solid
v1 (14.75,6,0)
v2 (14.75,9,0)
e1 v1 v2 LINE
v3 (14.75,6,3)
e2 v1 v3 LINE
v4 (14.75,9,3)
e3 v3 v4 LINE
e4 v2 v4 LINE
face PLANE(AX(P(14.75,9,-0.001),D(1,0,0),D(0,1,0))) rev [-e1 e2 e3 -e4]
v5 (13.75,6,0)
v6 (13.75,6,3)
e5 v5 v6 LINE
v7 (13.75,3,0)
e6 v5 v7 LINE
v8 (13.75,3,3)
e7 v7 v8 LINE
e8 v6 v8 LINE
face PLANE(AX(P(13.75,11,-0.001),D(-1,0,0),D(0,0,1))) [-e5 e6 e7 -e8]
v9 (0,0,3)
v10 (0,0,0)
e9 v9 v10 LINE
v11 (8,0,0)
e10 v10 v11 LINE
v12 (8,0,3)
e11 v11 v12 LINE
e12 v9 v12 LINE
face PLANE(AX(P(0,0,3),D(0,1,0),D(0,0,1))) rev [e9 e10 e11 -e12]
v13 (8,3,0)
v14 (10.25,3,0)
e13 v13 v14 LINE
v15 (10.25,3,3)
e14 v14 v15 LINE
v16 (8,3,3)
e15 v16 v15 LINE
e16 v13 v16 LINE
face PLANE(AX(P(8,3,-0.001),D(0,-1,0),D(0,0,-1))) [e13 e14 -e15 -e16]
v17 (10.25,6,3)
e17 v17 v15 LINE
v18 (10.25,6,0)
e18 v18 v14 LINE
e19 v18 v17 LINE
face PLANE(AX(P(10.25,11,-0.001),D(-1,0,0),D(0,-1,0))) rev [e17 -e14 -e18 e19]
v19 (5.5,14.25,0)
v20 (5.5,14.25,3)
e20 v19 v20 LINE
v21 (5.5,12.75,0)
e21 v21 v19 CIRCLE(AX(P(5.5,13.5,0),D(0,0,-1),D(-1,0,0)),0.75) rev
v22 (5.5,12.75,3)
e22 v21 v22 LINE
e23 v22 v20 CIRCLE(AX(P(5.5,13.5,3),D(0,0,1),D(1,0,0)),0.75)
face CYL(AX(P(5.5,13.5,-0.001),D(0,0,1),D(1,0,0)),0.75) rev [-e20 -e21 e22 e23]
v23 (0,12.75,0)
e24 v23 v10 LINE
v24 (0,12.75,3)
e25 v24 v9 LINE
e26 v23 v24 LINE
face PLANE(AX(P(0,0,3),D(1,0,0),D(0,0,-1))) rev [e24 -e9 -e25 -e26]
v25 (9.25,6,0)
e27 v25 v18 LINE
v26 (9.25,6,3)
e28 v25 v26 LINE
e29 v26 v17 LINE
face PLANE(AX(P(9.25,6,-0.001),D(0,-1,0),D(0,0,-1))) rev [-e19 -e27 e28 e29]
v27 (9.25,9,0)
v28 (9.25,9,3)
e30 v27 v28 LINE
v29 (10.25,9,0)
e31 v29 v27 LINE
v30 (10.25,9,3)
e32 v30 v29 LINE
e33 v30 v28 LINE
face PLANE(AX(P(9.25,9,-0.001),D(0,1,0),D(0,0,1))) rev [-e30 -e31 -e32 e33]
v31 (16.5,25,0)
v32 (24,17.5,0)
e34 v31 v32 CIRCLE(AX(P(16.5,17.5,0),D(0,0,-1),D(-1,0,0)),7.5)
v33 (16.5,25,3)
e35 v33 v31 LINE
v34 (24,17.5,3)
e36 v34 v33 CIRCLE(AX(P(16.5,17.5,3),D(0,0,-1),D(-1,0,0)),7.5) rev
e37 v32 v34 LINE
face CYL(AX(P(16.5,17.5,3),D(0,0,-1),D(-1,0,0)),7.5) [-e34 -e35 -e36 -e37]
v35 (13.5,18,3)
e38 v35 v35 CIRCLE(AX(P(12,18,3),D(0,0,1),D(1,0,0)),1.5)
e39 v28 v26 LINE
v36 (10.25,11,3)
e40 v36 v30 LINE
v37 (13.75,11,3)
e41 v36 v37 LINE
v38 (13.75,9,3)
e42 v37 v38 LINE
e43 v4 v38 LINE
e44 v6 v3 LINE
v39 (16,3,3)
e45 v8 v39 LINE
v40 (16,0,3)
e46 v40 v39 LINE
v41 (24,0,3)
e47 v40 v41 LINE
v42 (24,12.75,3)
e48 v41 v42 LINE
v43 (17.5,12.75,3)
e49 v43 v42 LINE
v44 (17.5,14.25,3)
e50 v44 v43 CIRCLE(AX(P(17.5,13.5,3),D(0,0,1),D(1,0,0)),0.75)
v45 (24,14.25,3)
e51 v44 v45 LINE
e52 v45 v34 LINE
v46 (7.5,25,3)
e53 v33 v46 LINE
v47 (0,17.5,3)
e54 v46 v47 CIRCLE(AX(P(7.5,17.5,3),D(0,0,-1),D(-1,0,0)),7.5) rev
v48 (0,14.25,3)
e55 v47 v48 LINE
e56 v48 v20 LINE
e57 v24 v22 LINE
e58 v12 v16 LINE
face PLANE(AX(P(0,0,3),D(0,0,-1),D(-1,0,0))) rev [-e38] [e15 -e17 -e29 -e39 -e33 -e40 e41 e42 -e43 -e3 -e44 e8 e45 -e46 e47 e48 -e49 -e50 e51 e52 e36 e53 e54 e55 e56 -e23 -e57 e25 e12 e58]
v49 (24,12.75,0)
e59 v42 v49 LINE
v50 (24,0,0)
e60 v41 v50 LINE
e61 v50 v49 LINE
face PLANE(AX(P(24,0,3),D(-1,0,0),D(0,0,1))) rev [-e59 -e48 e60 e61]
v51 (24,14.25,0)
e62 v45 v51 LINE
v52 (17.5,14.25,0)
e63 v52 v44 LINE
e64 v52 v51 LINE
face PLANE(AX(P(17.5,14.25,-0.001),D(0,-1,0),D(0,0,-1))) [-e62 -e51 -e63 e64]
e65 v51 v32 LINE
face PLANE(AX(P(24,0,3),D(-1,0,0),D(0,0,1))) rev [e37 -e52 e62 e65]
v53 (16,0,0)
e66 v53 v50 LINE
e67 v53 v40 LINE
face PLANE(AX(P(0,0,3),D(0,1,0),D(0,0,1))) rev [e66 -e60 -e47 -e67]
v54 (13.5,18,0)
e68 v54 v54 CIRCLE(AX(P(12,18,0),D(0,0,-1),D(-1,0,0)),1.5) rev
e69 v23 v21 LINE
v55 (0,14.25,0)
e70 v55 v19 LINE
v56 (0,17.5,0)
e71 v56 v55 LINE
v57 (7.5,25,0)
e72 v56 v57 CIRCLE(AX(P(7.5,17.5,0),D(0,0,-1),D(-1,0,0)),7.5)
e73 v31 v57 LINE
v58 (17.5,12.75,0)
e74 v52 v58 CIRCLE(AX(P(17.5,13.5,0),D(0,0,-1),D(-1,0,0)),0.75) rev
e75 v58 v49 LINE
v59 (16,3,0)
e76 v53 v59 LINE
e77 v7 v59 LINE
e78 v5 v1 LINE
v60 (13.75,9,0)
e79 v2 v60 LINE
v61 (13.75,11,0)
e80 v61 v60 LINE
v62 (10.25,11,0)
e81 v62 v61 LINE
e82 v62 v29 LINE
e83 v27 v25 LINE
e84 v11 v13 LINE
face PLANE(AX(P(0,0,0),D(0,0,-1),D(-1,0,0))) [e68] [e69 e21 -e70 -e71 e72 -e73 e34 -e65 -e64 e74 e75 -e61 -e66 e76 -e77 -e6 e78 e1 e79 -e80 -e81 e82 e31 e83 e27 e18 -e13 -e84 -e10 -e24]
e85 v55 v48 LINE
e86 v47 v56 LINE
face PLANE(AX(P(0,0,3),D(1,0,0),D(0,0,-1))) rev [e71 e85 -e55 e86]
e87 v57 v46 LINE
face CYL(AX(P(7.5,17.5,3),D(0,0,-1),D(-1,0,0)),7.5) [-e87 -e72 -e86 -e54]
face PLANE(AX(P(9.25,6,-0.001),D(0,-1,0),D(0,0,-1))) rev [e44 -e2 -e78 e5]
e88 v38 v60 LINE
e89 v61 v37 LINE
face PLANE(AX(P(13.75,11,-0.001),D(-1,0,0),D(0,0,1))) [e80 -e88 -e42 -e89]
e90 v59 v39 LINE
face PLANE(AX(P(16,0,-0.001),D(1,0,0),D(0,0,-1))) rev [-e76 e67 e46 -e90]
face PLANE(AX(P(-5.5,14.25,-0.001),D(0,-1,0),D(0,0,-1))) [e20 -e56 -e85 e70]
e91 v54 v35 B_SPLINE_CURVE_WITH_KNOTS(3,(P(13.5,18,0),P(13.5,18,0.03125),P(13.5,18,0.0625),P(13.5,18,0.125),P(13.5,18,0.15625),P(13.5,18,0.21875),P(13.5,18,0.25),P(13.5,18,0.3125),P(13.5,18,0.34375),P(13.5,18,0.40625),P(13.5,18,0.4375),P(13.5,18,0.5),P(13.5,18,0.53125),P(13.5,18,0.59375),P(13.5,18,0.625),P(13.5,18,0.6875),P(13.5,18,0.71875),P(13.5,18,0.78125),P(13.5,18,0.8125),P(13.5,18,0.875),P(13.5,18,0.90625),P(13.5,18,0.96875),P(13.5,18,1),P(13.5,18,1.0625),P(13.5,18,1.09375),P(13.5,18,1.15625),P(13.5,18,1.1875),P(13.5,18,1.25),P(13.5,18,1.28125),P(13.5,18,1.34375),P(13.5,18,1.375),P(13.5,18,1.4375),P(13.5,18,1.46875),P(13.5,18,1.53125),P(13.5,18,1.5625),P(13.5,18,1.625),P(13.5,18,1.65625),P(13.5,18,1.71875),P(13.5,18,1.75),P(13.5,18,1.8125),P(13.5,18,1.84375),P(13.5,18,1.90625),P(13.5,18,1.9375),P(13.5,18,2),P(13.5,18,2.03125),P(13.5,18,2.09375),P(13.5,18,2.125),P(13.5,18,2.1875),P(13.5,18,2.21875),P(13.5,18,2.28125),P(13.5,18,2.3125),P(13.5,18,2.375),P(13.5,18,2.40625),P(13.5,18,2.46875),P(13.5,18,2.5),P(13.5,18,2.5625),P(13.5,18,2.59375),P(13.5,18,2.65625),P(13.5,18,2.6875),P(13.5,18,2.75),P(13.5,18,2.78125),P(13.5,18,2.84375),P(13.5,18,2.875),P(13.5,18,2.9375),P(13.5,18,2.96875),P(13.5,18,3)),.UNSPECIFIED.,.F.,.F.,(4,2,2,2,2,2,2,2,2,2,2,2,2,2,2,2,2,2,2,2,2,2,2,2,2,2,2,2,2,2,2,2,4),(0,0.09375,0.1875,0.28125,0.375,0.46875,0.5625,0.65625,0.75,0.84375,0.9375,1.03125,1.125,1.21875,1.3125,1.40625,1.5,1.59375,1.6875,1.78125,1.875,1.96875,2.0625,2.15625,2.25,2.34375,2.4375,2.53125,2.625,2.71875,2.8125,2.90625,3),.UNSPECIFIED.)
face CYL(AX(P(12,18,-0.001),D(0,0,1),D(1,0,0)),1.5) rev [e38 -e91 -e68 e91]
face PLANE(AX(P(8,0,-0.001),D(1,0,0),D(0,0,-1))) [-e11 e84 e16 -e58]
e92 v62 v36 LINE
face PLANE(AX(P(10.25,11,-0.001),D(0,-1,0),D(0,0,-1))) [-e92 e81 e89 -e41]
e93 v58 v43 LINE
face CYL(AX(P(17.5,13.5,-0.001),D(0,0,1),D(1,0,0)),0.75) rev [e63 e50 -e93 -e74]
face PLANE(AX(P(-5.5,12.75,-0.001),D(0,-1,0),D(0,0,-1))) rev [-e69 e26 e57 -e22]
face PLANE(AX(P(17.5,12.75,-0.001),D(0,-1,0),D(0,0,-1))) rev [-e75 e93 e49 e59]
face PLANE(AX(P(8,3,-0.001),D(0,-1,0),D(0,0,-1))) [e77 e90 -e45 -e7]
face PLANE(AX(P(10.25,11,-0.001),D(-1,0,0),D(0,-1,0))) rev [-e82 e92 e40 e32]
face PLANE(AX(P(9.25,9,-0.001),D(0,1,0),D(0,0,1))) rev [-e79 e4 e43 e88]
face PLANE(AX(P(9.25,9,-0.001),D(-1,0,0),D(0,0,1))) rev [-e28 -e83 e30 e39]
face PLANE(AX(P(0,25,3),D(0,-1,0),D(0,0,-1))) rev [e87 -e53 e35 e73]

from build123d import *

# Parameters (mm, degrees)
ESQUISSE1_W             = 24
ESQUISSE1_H             = 25
BOSS_EXTRU_1_DEPTH      = 3
CONG_3_R                = 7.5
ENL_V_MAT_EXTRU_1_REACH = 36.785
ESQUISSE2_R             = 1.5
ENL_V_MAT_EXTRU_2_REACH = 36.785
ESQUISSE3_W             = 8
ESQUISSE3_H             = 3
ENL_V_MAT_EXTRU_3_REACH = 36.785
ESQUISSE4_W             = 5.5
ESQUISSE4_H             = 3
ENL_V_START             = -3
ESQUISSE5_W             = 3.5
ESQUISSE5_H             = 11
ENL_V_MAT_EXTRU_4_DEPTH = 3
ENL_V_MAT_EXTRU_5_REACH = 36.785
ENL_V_MAT_EXTRU_6_REACH = 36.785


with BuildPart() as part:
    # Esquisse1 → Boss.-Extru.1 (new body)
    with BuildSketch(Plane.XY):
        with Locations((12, 12.5)):
            Rectangle(ESQUISSE1_W, ESQUISSE1_H)
    extrude(amount=BOSS_EXTRU_1_DEPTH)

    # Congé3
    cong_3_edges = [part.edges().sort_by_distance(p)[0] for p in [
        (0, 25, 1.5),
        (24, 25, 1.5),
    ]]
    fillet(cong_3_edges, radius=CONG_3_R)

    # Esquisse2 → Enlèv. mat.-Extru.1 (cut, up to next)
    with BuildSketch(Plane.XY.offset(3), mode=Mode.PRIVATE) as enl_v_mat_extru_1_sk1:
        with Locations((12, 18)):
            Circle(ESQUISSE2_R)
    enl_v_mat_extru_1_tool1 = extrude(enl_v_mat_extru_1_sk1.sketch, amount=-ENL_V_MAT_EXTRU_1_REACH, mode=Mode.PRIVATE) & part.part
    add(enl_v_mat_extru_1_tool1.solids().sort_by_distance((12, 18, 3))[0], mode=Mode.SUBTRACT)

    # Esquisse3 → Enlèv. mat.-Extru.2 (cut, up to next)
    with BuildSketch(Plane.XY.offset(3), mode=Mode.PRIVATE) as enl_v_mat_extru_2_sk1:
        with Locations((12, 1.5)):
            Rectangle(ESQUISSE3_W, ESQUISSE3_H)
    enl_v_mat_extru_2_tool1 = extrude(enl_v_mat_extru_2_sk1.sketch, amount=-ENL_V_MAT_EXTRU_2_REACH, mode=Mode.PRIVATE) & part.part
    add(enl_v_mat_extru_2_tool1.solids().sort_by_distance((12, 1.5, 3))[0], mode=Mode.SUBTRACT)

    # Esquisse4 → Enlèv. mat.-Extru.3 (cut, up to next)
    with BuildSketch(Plane.XY.offset(3), mode=Mode.PRIVATE) as enl_v_mat_extru_3_sk1:
        with Locations((12, 7.5)):
            Rectangle(ESQUISSE4_W, ESQUISSE4_H)
    enl_v_mat_extru_3_tool1 = extrude(enl_v_mat_extru_3_sk1.sketch, amount=-ENL_V_MAT_EXTRU_3_REACH, mode=Mode.PRIVATE) & part.part
    add(enl_v_mat_extru_3_tool1.solids().sort_by_distance((12, 7.5, 3))[0], mode=Mode.SUBTRACT)

    # Esquisse5 → Enlèv. mat.-Extru.4 (cut)
    with BuildSketch(Plane.XY.offset(3).offset(ENL_V_START)):
        with Locations((12, 5.5)):
            Rectangle(ESQUISSE5_W, ESQUISSE5_H)
    extrude(amount=ENL_V_MAT_EXTRU_4_DEPTH, mode=Mode.SUBTRACT)

    # Esquisse6 → Enlèv. mat.-Extru.5 (cut, up to next)
    with BuildSketch(Plane.XY.offset(3), mode=Mode.PRIVATE) as enl_v_mat_extru_5_sk1:
        with BuildLine():
            Line((17.5, 14.25), (30.5, 14.25))
            ThreePointArc((30.5, 14.25), (31.25, 13.5), (30.5, 12.75))
            Line((30.5, 12.75), (17.5, 12.75))
            ThreePointArc((17.5, 12.75), (16.75, 13.5), (17.5, 14.25))
        make_face()
    enl_v_mat_extru_5_tool1 = extrude(enl_v_mat_extru_5_sk1.sketch, amount=-ENL_V_MAT_EXTRU_5_REACH, mode=Mode.PRIVATE) & part.part
    add(enl_v_mat_extru_5_tool1.solids().sort_by_distance((24, 13.5, 3))[0], mode=Mode.SUBTRACT)

    # Esquisse7 → Enlèv. mat.-Extru.6 (cut, up to next)
    with BuildSketch(Plane.XY.offset(3), mode=Mode.PRIVATE) as enl_v_mat_extru_6_sk1:
        with BuildLine():
            Line((-5.5, 14.25), (5.5, 14.25))
            ThreePointArc((5.5, 14.25), (6.25, 13.5), (5.5, 12.75))
            Line((5.5, 12.75), (-5.5, 12.75))
            ThreePointArc((-5.5, 12.75), (-6.25, 13.5), (-5.5, 14.25))
        make_face()
    enl_v_mat_extru_6_tool1 = extrude(enl_v_mat_extru_6_sk1.sketch, amount=-ENL_V_MAT_EXTRU_6_REACH, mode=Mode.PRIVATE) & part.part
    add(enl_v_mat_extru_6_tool1.solids().sort_by_distance((0, 13.5, 3))[0], mode=Mode.SUBTRACT)


solid = part.part
